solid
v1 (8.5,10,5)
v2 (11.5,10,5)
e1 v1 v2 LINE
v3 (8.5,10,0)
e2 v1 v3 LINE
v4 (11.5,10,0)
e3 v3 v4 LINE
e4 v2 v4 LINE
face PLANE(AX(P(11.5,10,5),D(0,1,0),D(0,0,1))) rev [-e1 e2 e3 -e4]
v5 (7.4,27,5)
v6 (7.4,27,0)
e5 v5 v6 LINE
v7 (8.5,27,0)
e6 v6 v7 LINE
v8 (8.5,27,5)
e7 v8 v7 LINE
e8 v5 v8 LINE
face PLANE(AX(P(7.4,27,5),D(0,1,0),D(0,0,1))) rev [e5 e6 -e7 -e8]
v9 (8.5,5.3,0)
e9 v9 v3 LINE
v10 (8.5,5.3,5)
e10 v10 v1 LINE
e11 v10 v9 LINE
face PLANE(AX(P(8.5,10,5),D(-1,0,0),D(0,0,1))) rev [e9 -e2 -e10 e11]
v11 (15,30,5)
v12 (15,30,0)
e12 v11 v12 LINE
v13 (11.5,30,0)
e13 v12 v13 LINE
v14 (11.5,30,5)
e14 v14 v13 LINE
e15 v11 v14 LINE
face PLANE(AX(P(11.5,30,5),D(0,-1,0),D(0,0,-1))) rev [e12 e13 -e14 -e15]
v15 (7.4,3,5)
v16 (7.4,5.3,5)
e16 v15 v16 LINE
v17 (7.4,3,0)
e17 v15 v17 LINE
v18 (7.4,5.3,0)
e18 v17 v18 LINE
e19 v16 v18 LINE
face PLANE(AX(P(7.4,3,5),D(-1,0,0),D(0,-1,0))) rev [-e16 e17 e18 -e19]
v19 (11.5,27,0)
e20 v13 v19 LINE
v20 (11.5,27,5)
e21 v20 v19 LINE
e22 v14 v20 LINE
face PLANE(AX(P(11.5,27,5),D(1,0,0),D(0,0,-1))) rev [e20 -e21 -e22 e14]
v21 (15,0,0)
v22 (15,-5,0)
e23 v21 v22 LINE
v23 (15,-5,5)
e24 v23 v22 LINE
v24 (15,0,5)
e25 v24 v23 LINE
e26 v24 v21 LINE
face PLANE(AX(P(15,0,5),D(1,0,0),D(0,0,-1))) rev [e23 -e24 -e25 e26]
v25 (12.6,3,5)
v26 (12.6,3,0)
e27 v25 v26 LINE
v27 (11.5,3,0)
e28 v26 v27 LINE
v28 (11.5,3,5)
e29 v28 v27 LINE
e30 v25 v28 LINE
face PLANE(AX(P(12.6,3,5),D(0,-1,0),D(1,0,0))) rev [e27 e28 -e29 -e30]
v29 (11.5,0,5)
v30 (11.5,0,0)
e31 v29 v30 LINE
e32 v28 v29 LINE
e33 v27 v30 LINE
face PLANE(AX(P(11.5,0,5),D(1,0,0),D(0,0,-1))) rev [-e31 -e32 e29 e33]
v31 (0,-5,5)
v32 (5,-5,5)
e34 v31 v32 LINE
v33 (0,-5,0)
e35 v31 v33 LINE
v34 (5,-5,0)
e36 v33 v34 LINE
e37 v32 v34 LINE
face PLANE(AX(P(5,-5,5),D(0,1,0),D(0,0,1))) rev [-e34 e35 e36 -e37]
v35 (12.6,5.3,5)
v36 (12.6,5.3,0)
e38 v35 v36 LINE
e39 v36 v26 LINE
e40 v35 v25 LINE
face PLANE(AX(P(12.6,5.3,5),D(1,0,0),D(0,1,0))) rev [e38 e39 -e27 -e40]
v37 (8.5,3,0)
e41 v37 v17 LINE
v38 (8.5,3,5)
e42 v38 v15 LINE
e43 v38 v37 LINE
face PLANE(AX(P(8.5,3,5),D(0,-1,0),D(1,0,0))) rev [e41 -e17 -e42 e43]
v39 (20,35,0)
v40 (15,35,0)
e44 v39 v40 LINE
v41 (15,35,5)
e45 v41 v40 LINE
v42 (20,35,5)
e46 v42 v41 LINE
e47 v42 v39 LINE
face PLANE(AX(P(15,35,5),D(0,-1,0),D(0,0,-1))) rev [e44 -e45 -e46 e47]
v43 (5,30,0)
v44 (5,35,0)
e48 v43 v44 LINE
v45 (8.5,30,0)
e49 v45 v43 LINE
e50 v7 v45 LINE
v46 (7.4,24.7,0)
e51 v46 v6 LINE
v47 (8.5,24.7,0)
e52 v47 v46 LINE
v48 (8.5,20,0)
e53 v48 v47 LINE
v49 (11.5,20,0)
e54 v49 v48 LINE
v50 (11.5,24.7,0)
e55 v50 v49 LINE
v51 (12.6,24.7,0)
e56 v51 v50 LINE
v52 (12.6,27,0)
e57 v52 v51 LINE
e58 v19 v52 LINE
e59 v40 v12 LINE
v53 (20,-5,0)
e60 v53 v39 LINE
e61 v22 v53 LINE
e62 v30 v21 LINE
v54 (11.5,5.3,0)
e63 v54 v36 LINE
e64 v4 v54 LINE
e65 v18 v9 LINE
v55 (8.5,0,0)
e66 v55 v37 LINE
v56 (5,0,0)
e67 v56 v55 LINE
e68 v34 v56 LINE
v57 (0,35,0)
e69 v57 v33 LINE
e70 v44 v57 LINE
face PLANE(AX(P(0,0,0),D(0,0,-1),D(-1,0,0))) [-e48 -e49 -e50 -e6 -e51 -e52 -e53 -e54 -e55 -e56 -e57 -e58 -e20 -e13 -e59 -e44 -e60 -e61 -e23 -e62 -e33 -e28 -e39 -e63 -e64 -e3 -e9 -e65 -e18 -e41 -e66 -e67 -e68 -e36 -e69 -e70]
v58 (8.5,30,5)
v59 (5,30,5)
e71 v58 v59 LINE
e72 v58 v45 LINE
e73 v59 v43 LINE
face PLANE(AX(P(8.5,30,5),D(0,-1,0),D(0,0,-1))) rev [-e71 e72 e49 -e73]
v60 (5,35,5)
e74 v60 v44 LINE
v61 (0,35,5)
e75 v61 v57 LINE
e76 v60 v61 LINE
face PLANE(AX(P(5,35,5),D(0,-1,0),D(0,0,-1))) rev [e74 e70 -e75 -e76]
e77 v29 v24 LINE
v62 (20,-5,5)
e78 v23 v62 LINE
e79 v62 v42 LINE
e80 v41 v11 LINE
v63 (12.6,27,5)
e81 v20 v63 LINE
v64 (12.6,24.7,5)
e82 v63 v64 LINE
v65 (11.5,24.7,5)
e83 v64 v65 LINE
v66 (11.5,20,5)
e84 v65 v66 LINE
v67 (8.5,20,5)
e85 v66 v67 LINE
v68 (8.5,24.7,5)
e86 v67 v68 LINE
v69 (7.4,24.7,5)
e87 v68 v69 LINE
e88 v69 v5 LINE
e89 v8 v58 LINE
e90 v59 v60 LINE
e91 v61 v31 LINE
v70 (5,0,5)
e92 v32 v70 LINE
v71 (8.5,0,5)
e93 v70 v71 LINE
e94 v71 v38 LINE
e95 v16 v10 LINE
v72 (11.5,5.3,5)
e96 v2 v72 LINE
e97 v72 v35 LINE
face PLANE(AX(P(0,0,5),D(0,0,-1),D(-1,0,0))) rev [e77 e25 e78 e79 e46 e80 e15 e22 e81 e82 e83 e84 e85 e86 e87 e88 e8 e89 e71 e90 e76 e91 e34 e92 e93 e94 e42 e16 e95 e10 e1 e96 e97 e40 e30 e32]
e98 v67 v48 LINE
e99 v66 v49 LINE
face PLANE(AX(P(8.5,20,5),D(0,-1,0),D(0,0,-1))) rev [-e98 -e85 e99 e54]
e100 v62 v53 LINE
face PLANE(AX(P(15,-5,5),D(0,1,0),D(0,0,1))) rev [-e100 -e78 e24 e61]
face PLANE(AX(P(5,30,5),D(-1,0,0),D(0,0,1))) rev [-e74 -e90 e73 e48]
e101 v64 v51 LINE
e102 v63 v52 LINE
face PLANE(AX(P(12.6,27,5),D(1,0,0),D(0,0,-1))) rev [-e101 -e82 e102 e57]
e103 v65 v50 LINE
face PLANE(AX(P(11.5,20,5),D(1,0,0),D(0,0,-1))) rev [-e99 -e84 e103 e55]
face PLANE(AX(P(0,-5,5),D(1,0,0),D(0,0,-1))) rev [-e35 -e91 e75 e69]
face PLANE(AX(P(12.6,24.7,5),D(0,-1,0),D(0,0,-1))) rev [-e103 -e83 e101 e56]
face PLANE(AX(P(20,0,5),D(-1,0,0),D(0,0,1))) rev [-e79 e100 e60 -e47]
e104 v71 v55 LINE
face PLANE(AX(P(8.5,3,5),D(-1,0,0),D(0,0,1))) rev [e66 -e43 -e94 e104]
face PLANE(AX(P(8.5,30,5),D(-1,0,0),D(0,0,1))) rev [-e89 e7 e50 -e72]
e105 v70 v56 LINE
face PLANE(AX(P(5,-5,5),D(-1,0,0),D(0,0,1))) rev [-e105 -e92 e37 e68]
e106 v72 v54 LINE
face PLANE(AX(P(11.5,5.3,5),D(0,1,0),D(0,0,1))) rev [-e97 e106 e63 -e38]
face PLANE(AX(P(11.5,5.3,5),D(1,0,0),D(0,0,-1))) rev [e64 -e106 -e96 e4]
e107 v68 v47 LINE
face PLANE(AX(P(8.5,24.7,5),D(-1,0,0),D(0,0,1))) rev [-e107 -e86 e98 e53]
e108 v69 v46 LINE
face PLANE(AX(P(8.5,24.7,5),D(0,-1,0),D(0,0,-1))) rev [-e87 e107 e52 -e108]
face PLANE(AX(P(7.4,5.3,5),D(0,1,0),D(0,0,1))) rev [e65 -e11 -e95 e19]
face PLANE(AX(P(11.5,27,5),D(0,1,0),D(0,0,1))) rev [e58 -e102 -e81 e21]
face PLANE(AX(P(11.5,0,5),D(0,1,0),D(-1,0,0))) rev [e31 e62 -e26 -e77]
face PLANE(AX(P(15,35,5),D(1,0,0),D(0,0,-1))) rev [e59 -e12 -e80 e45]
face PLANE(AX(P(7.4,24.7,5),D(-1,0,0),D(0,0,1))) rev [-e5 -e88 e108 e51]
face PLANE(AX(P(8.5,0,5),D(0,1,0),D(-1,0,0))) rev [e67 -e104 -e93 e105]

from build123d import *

# Parameters (mm, degrees)
BOSS_EXTRUDE1_DEPTH = 5


with BuildPart() as part:
    # Sketch1 → Boss-Extrude1 (new body)
    with BuildSketch(Plane.XY):
        Polygon((11.5, 30), (15, 30), (15, 35), (20, 35), (20, 0), (20, -5), (15, -5), (15, 0), (11.5, 0), (11.5, 3), (12.6, 3), (12.6, 5.3), (11.5, 5.3), (11.5, 10), (8.5, 10), (8.5, 5.3), (7.4, 5.3), (7.4, 3), (8.5, 3), (8.5, 0), (5, 0), (5, -5), (0, -5), (0, 0), (0, 35), (5, 35), (5, 30), (8.5, 30), (8.5, 27), (7.4, 27), (7.4, 24.7), (8.5, 24.7), (8.5, 20), (11.5, 20), (11.5, 24.7), (12.6, 24.7), (12.6, 27), (11.5, 27), align=None)
    extrude(amount=BOSS_EXTRUDE1_DEPTH)


solid = part.part
